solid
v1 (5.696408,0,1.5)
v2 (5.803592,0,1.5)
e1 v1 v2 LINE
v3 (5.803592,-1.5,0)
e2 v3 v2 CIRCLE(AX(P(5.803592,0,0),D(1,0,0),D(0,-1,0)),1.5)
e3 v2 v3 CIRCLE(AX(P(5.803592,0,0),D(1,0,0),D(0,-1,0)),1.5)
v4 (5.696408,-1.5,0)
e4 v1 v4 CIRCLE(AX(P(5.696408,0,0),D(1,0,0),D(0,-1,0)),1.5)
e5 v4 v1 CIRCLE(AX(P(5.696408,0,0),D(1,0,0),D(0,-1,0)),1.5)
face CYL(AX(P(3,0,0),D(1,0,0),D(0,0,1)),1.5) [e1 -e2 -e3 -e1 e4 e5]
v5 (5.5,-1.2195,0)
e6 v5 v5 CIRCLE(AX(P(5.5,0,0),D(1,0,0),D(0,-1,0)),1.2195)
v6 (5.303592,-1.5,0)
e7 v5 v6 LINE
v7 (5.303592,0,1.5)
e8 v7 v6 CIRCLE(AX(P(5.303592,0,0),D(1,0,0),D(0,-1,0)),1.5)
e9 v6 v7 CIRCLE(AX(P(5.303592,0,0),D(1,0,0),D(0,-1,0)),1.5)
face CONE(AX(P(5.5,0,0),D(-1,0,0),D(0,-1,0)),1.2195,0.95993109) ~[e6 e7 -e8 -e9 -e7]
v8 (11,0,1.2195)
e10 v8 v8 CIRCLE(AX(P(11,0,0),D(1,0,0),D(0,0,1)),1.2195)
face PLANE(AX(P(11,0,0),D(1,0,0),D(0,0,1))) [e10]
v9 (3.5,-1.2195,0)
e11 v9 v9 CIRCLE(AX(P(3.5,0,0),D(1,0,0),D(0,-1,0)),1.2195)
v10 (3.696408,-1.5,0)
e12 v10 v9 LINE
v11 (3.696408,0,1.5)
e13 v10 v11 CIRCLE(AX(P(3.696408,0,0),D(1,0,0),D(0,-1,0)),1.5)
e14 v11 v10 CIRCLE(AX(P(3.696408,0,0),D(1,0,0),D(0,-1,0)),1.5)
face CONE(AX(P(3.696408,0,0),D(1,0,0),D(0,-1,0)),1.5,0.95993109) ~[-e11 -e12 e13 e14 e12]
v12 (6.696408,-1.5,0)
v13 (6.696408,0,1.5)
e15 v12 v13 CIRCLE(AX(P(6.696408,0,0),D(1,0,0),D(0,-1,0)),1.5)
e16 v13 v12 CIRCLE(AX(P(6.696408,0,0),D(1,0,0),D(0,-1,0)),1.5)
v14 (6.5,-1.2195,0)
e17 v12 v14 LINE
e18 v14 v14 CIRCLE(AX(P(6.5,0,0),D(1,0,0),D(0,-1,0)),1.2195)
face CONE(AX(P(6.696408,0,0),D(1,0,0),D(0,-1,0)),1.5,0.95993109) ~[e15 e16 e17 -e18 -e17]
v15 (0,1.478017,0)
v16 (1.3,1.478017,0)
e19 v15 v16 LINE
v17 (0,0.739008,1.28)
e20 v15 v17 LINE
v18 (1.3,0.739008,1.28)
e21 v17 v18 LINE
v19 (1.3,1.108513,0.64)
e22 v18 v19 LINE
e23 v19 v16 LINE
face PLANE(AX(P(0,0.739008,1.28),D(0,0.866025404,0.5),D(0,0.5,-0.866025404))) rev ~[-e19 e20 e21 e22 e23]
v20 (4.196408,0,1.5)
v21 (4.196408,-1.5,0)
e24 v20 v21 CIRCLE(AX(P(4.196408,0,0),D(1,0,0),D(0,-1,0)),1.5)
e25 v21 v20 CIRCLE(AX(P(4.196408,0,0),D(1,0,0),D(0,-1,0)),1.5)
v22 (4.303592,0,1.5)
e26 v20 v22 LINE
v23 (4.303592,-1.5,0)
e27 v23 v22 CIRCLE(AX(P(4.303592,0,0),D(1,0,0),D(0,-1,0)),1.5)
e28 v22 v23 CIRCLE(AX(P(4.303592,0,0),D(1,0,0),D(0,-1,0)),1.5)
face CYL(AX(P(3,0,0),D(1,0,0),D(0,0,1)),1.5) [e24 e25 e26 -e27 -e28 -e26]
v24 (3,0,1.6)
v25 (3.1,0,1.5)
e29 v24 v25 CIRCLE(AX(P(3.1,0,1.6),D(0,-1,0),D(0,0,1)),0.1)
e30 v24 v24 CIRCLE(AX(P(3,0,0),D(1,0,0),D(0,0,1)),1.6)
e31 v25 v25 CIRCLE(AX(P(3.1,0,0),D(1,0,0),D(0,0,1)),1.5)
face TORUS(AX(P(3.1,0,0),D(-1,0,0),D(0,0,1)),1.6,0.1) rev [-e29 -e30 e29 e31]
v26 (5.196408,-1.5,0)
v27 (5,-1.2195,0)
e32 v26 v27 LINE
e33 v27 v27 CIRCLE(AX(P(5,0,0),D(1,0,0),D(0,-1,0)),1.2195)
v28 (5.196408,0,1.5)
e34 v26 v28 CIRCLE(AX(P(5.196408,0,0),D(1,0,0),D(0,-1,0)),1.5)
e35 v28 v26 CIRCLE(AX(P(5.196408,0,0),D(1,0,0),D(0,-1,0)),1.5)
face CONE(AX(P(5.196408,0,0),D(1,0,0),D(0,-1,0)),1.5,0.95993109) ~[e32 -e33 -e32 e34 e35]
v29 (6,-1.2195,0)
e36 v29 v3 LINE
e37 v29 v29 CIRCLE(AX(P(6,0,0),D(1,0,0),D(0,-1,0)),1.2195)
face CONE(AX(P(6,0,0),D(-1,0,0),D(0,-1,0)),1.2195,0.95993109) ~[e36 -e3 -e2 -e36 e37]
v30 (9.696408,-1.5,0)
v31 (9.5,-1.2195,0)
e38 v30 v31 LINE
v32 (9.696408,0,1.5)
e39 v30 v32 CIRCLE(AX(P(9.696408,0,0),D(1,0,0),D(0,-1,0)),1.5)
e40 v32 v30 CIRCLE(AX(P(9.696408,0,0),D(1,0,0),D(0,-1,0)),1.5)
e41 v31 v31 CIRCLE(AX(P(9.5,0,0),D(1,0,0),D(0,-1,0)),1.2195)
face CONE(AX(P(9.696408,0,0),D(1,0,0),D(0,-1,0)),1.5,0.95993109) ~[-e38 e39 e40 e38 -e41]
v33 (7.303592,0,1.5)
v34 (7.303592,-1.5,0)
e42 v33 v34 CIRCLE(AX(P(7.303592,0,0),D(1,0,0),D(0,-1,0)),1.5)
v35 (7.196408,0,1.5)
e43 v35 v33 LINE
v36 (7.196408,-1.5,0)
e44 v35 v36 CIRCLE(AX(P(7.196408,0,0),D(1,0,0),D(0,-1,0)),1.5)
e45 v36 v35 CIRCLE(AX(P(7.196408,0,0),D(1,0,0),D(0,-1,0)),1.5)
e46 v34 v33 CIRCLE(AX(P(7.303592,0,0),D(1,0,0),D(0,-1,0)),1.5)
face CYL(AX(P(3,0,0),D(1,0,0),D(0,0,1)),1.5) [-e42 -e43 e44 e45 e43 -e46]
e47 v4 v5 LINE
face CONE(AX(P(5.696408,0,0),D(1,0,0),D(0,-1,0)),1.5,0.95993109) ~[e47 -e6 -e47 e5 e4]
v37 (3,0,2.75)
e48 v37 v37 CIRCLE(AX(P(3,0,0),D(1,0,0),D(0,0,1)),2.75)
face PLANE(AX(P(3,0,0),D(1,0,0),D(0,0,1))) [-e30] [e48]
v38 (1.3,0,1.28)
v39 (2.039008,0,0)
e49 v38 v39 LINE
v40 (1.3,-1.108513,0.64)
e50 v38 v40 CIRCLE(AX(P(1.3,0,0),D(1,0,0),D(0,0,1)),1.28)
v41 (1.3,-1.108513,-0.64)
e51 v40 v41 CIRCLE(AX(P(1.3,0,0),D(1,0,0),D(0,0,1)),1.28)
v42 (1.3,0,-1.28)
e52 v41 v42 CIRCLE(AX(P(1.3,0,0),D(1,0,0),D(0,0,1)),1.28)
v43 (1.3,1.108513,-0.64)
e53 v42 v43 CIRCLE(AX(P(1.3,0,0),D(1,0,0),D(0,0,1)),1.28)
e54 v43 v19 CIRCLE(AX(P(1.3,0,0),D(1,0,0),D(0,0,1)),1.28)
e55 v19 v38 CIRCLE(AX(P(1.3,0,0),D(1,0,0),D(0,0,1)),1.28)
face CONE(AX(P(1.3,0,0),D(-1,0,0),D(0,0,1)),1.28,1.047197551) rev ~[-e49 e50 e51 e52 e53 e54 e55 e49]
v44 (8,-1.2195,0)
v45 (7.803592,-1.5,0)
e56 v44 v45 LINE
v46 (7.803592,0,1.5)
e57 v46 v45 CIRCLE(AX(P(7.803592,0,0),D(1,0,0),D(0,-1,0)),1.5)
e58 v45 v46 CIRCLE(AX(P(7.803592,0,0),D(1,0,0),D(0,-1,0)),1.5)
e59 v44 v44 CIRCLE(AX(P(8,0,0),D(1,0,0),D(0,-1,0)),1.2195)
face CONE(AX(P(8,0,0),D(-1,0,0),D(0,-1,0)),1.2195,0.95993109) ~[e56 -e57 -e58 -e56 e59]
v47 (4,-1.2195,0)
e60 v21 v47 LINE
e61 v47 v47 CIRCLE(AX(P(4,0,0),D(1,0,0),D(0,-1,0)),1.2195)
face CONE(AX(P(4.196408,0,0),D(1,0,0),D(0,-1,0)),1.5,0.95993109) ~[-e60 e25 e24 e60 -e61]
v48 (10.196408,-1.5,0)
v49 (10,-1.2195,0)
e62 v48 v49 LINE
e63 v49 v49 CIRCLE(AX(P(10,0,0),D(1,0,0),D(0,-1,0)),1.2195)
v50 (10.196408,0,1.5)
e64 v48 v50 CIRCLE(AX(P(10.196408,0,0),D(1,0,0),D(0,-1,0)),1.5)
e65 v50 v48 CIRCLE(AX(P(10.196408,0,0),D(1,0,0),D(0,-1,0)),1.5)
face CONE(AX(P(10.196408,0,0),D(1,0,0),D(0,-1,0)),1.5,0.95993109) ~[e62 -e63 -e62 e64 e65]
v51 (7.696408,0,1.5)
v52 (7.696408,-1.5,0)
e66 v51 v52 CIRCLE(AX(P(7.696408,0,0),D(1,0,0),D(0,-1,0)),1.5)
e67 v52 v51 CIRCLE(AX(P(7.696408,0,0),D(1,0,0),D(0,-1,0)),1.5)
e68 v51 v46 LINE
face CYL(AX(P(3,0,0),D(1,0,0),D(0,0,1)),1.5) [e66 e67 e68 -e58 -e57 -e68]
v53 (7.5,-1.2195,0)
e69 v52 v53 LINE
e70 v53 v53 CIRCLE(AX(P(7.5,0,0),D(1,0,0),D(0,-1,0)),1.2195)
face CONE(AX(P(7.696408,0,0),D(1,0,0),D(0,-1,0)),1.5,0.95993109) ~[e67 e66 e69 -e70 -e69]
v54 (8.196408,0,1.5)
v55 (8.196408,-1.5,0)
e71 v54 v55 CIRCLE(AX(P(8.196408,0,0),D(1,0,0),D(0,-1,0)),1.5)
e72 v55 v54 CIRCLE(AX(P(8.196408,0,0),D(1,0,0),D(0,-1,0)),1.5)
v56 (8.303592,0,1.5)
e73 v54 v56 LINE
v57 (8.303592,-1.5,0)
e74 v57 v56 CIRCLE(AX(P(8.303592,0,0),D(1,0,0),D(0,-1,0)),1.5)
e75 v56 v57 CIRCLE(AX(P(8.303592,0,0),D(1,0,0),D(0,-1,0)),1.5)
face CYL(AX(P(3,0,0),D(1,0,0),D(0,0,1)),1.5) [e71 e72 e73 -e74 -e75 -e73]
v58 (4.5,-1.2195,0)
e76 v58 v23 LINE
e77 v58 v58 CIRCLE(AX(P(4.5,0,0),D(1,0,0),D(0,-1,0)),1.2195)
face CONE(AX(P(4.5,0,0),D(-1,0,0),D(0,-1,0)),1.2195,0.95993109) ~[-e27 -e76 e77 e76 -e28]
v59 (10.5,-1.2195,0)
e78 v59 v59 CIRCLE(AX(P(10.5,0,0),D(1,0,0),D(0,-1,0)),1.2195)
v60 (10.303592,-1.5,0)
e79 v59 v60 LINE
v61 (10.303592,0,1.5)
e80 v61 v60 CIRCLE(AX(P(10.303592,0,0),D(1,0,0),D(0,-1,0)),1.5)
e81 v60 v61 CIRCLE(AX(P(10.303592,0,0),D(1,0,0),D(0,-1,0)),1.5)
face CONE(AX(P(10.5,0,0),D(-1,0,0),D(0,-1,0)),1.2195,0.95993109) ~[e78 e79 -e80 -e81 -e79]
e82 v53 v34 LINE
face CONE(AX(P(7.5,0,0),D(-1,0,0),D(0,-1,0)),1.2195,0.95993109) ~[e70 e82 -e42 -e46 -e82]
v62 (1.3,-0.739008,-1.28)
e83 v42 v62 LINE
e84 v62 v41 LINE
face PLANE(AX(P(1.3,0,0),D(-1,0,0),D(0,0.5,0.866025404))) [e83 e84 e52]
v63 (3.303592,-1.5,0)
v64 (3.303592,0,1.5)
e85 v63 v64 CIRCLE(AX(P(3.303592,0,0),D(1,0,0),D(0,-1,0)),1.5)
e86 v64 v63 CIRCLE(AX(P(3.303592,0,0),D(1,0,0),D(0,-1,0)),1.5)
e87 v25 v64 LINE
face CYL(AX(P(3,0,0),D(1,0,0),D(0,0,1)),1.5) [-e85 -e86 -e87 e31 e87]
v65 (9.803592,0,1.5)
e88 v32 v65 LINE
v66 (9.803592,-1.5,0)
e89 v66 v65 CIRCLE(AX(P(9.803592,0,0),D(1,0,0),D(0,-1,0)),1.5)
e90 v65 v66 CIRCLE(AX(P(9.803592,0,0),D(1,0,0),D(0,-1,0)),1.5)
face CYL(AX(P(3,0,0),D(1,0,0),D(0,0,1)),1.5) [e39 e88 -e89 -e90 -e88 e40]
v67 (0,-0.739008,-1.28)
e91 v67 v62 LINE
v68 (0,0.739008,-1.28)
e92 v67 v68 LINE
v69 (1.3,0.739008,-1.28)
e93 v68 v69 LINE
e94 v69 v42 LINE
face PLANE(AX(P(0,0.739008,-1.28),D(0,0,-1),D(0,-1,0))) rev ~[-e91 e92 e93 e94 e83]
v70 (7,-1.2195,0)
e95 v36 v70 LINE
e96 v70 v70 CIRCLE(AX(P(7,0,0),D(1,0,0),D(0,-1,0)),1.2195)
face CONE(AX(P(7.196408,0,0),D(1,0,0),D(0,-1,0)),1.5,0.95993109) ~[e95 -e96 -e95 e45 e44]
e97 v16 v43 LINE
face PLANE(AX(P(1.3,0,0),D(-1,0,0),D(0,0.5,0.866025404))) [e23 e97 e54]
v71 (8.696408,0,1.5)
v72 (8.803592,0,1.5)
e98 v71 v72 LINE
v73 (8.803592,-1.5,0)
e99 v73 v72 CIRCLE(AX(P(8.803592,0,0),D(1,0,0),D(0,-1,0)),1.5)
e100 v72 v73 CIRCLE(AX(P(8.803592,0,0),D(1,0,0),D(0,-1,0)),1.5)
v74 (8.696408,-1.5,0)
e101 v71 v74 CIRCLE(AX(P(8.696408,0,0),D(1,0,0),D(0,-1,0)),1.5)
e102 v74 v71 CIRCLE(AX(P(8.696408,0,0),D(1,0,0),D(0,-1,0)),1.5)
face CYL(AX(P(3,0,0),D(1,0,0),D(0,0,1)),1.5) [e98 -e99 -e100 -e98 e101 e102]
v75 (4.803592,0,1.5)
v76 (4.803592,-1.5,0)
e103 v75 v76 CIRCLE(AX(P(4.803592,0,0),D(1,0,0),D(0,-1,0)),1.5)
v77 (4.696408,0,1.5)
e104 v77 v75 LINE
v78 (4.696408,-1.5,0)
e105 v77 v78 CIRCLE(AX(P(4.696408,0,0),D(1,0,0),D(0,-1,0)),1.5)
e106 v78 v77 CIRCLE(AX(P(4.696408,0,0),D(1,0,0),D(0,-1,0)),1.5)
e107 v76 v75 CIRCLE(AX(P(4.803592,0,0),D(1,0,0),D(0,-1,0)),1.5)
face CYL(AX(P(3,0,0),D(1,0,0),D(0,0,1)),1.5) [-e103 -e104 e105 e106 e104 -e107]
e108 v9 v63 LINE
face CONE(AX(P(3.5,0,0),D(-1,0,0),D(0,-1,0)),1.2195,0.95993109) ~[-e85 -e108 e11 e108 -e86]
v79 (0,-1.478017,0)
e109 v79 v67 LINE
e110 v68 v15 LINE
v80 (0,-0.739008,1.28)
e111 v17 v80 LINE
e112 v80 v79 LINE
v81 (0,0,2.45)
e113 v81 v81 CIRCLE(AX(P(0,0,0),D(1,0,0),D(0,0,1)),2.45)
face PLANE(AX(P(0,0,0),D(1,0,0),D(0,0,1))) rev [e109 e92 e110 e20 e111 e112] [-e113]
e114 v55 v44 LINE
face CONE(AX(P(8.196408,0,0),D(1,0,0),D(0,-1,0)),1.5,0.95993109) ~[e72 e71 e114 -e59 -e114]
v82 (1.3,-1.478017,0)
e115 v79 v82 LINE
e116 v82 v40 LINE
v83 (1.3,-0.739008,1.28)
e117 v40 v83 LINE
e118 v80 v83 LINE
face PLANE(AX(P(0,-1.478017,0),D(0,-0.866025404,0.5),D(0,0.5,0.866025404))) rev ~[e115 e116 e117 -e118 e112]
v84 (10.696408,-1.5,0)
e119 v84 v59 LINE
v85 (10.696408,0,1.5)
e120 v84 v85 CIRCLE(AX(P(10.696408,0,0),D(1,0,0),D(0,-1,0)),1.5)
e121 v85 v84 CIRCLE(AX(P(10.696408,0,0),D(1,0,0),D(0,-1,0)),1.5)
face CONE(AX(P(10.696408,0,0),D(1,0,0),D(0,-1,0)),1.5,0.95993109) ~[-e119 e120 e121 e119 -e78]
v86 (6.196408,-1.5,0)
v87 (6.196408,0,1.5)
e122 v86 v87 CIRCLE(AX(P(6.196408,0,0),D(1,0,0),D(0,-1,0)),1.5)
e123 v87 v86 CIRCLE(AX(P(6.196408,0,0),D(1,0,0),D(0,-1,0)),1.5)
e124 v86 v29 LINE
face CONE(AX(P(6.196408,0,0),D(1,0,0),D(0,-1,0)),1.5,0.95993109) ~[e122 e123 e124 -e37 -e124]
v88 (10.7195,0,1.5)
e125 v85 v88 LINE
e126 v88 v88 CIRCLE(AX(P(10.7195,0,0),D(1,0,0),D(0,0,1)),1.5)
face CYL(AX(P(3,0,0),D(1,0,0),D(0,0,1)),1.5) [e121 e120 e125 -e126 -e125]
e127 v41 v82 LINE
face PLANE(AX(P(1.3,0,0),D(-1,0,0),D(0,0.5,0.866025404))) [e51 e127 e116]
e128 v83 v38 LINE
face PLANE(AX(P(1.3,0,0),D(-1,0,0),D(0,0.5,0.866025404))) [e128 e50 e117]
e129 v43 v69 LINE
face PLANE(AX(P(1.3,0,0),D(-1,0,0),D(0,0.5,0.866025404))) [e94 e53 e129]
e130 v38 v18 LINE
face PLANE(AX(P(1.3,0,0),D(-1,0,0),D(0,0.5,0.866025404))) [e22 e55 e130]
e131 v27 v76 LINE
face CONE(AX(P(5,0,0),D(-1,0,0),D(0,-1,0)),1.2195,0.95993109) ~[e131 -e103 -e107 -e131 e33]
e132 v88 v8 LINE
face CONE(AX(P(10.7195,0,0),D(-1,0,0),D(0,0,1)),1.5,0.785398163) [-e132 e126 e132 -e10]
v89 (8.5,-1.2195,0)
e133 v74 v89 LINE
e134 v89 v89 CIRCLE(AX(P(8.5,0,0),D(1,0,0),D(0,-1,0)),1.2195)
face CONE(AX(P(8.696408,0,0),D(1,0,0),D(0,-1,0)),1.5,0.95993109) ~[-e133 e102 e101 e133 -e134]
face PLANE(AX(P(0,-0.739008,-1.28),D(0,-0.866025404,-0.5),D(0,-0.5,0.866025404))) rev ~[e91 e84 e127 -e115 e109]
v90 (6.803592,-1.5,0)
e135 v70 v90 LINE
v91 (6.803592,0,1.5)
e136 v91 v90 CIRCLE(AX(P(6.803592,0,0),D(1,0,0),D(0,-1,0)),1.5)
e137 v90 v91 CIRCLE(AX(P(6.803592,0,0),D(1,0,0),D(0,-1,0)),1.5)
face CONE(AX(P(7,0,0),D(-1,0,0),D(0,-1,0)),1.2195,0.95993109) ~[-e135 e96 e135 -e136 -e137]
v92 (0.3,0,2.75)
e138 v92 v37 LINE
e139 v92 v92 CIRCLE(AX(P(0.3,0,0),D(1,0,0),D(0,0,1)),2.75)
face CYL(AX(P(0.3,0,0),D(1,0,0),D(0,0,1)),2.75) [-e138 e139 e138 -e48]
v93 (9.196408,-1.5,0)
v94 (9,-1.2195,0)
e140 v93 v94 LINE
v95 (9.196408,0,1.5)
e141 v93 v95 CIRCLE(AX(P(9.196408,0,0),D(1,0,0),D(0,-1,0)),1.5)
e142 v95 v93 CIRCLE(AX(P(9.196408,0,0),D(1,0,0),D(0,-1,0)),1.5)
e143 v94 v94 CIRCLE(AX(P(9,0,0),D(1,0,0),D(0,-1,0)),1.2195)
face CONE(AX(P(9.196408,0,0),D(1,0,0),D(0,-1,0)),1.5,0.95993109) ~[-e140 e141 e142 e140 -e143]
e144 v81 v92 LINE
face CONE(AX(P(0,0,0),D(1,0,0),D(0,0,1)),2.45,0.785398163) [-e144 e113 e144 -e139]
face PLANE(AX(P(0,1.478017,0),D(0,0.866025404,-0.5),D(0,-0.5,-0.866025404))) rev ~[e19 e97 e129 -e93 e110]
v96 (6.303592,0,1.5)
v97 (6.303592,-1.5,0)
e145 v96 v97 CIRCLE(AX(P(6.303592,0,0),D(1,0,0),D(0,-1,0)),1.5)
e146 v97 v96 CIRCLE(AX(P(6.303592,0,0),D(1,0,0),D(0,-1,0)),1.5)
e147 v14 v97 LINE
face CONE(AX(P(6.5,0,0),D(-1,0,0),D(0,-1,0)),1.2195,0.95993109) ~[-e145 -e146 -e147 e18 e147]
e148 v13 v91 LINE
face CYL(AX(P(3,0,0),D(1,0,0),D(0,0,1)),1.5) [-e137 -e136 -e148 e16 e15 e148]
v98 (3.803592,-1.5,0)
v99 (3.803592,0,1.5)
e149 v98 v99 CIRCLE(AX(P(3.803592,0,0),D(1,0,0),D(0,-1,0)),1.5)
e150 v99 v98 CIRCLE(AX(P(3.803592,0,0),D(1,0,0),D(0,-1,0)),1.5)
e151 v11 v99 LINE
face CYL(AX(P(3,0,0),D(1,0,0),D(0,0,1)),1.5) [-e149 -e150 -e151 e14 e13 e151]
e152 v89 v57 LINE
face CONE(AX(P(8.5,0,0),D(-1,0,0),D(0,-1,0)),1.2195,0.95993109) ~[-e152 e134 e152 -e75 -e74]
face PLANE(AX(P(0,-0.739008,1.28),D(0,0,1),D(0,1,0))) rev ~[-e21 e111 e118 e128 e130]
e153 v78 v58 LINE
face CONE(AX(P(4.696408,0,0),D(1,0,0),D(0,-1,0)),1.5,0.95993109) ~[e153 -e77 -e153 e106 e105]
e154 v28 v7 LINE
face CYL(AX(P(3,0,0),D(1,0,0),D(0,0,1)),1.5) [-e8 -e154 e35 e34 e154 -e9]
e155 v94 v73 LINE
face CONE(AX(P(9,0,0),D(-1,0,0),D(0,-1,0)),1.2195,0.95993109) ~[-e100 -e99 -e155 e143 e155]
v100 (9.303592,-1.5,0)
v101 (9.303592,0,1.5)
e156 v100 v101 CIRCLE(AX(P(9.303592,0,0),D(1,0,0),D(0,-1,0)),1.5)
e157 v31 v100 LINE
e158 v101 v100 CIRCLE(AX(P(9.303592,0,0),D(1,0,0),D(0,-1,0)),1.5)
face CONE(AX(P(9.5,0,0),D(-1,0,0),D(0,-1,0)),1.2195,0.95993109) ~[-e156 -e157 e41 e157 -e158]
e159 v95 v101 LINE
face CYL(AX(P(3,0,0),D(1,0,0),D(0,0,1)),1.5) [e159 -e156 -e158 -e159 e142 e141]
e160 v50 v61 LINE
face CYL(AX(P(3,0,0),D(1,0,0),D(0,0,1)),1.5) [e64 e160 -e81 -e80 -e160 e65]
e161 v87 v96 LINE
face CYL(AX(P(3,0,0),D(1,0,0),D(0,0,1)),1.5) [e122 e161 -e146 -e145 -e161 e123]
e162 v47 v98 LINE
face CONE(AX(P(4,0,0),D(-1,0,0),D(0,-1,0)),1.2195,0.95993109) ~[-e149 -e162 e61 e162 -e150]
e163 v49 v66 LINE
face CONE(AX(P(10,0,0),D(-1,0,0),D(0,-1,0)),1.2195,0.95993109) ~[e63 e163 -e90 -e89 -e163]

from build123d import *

# Parameters (mm, degrees)
FILLET1_R       = 0.1
HEX_2_DEPTH     = 1.3
THDSCHPAT_COUNT = 15
THDSCHPAT_PITCH = 0.5


with BuildPart() as part:
    # BodySke → Base-Revolve (revolve)
    with BuildSketch(Plane.XY, mode=Mode.PRIVATE) as base_revolve_sk:
        Polygon((0, 0), (0, 2.45), (0.3, 2.75), (3, 2.75), (3, 1.5), (10.7195, 1.5), (11, 1.2195), (11, 0), align=None)
    revolve(base_revolve_sk.sketch.rotate(Axis((-31.75, 0, 0), (1, 0, 0)), 90), axis=Axis((-31.75, 0, 0), (1, 0, 0)))

    # Fillet1
    fillet1_edges = [part.edges().sort_by_distance(p)[0] for p in [
        (3, 0, -1.5),
    ]]
    fillet(fillet1_edges, radius=FILLET1_R)

    # Sketch2 → Hex-PreBroach (revolve, cut)
    with BuildSketch(Plane.XY, mode=Mode.PRIVATE) as hex_prebroach_sk:
        Polygon((0, 1.28), (1.3, 1.28), (2.039008345, 0), (0, 0), align=None)
    revolve(hex_prebroach_sk.sketch.rotate(Axis((0, 0, 0), (1, 0, 0)), 90), axis=Axis((0, 0, 0), (1, 0, 0)), mode=Mode.SUBTRACT)

    # Sketch3 → Hex 2 (cut)
    with BuildSketch(Plane(origin=(0, 0, 0), x_dir=(0, 0.500000000000001, 0.866025403784438), z_dir=(-1, 0, 0))):
        Polygon((0.739008345, 1.28), (-0.739008345, 1.28), (-1.478016689, 0), (-0.739008345, -1.28), (0.739008345, -1.28), (1.478016689, 0), align=None)
    extrude(amount=-HEX_2_DEPTH, mode=Mode.SUBTRACT)

    # ThdSchSke → ThreadSchematic (revolve, cut)
    with BuildSketch(Plane.XY):
        Polygon((3.5, -1.2195), (3.303591786, -1.5), (3.303591786, -1.875), (3.696408214, -1.875), (3.696408214, -1.5), align=None)
    threadschematic = revolve(axis=Axis((-3.175, 0, 0), (1, 0, 0)), mode=Mode.SUBTRACT)

    # ThdSchPat: ThreadSchematic ×15
    with Locations(*[(i * THDSCHPAT_PITCH, 0, 0) for i in range(1, THDSCHPAT_COUNT)]):
        add(threadschematic, mode=Mode.SUBTRACT)


solid = part.part
